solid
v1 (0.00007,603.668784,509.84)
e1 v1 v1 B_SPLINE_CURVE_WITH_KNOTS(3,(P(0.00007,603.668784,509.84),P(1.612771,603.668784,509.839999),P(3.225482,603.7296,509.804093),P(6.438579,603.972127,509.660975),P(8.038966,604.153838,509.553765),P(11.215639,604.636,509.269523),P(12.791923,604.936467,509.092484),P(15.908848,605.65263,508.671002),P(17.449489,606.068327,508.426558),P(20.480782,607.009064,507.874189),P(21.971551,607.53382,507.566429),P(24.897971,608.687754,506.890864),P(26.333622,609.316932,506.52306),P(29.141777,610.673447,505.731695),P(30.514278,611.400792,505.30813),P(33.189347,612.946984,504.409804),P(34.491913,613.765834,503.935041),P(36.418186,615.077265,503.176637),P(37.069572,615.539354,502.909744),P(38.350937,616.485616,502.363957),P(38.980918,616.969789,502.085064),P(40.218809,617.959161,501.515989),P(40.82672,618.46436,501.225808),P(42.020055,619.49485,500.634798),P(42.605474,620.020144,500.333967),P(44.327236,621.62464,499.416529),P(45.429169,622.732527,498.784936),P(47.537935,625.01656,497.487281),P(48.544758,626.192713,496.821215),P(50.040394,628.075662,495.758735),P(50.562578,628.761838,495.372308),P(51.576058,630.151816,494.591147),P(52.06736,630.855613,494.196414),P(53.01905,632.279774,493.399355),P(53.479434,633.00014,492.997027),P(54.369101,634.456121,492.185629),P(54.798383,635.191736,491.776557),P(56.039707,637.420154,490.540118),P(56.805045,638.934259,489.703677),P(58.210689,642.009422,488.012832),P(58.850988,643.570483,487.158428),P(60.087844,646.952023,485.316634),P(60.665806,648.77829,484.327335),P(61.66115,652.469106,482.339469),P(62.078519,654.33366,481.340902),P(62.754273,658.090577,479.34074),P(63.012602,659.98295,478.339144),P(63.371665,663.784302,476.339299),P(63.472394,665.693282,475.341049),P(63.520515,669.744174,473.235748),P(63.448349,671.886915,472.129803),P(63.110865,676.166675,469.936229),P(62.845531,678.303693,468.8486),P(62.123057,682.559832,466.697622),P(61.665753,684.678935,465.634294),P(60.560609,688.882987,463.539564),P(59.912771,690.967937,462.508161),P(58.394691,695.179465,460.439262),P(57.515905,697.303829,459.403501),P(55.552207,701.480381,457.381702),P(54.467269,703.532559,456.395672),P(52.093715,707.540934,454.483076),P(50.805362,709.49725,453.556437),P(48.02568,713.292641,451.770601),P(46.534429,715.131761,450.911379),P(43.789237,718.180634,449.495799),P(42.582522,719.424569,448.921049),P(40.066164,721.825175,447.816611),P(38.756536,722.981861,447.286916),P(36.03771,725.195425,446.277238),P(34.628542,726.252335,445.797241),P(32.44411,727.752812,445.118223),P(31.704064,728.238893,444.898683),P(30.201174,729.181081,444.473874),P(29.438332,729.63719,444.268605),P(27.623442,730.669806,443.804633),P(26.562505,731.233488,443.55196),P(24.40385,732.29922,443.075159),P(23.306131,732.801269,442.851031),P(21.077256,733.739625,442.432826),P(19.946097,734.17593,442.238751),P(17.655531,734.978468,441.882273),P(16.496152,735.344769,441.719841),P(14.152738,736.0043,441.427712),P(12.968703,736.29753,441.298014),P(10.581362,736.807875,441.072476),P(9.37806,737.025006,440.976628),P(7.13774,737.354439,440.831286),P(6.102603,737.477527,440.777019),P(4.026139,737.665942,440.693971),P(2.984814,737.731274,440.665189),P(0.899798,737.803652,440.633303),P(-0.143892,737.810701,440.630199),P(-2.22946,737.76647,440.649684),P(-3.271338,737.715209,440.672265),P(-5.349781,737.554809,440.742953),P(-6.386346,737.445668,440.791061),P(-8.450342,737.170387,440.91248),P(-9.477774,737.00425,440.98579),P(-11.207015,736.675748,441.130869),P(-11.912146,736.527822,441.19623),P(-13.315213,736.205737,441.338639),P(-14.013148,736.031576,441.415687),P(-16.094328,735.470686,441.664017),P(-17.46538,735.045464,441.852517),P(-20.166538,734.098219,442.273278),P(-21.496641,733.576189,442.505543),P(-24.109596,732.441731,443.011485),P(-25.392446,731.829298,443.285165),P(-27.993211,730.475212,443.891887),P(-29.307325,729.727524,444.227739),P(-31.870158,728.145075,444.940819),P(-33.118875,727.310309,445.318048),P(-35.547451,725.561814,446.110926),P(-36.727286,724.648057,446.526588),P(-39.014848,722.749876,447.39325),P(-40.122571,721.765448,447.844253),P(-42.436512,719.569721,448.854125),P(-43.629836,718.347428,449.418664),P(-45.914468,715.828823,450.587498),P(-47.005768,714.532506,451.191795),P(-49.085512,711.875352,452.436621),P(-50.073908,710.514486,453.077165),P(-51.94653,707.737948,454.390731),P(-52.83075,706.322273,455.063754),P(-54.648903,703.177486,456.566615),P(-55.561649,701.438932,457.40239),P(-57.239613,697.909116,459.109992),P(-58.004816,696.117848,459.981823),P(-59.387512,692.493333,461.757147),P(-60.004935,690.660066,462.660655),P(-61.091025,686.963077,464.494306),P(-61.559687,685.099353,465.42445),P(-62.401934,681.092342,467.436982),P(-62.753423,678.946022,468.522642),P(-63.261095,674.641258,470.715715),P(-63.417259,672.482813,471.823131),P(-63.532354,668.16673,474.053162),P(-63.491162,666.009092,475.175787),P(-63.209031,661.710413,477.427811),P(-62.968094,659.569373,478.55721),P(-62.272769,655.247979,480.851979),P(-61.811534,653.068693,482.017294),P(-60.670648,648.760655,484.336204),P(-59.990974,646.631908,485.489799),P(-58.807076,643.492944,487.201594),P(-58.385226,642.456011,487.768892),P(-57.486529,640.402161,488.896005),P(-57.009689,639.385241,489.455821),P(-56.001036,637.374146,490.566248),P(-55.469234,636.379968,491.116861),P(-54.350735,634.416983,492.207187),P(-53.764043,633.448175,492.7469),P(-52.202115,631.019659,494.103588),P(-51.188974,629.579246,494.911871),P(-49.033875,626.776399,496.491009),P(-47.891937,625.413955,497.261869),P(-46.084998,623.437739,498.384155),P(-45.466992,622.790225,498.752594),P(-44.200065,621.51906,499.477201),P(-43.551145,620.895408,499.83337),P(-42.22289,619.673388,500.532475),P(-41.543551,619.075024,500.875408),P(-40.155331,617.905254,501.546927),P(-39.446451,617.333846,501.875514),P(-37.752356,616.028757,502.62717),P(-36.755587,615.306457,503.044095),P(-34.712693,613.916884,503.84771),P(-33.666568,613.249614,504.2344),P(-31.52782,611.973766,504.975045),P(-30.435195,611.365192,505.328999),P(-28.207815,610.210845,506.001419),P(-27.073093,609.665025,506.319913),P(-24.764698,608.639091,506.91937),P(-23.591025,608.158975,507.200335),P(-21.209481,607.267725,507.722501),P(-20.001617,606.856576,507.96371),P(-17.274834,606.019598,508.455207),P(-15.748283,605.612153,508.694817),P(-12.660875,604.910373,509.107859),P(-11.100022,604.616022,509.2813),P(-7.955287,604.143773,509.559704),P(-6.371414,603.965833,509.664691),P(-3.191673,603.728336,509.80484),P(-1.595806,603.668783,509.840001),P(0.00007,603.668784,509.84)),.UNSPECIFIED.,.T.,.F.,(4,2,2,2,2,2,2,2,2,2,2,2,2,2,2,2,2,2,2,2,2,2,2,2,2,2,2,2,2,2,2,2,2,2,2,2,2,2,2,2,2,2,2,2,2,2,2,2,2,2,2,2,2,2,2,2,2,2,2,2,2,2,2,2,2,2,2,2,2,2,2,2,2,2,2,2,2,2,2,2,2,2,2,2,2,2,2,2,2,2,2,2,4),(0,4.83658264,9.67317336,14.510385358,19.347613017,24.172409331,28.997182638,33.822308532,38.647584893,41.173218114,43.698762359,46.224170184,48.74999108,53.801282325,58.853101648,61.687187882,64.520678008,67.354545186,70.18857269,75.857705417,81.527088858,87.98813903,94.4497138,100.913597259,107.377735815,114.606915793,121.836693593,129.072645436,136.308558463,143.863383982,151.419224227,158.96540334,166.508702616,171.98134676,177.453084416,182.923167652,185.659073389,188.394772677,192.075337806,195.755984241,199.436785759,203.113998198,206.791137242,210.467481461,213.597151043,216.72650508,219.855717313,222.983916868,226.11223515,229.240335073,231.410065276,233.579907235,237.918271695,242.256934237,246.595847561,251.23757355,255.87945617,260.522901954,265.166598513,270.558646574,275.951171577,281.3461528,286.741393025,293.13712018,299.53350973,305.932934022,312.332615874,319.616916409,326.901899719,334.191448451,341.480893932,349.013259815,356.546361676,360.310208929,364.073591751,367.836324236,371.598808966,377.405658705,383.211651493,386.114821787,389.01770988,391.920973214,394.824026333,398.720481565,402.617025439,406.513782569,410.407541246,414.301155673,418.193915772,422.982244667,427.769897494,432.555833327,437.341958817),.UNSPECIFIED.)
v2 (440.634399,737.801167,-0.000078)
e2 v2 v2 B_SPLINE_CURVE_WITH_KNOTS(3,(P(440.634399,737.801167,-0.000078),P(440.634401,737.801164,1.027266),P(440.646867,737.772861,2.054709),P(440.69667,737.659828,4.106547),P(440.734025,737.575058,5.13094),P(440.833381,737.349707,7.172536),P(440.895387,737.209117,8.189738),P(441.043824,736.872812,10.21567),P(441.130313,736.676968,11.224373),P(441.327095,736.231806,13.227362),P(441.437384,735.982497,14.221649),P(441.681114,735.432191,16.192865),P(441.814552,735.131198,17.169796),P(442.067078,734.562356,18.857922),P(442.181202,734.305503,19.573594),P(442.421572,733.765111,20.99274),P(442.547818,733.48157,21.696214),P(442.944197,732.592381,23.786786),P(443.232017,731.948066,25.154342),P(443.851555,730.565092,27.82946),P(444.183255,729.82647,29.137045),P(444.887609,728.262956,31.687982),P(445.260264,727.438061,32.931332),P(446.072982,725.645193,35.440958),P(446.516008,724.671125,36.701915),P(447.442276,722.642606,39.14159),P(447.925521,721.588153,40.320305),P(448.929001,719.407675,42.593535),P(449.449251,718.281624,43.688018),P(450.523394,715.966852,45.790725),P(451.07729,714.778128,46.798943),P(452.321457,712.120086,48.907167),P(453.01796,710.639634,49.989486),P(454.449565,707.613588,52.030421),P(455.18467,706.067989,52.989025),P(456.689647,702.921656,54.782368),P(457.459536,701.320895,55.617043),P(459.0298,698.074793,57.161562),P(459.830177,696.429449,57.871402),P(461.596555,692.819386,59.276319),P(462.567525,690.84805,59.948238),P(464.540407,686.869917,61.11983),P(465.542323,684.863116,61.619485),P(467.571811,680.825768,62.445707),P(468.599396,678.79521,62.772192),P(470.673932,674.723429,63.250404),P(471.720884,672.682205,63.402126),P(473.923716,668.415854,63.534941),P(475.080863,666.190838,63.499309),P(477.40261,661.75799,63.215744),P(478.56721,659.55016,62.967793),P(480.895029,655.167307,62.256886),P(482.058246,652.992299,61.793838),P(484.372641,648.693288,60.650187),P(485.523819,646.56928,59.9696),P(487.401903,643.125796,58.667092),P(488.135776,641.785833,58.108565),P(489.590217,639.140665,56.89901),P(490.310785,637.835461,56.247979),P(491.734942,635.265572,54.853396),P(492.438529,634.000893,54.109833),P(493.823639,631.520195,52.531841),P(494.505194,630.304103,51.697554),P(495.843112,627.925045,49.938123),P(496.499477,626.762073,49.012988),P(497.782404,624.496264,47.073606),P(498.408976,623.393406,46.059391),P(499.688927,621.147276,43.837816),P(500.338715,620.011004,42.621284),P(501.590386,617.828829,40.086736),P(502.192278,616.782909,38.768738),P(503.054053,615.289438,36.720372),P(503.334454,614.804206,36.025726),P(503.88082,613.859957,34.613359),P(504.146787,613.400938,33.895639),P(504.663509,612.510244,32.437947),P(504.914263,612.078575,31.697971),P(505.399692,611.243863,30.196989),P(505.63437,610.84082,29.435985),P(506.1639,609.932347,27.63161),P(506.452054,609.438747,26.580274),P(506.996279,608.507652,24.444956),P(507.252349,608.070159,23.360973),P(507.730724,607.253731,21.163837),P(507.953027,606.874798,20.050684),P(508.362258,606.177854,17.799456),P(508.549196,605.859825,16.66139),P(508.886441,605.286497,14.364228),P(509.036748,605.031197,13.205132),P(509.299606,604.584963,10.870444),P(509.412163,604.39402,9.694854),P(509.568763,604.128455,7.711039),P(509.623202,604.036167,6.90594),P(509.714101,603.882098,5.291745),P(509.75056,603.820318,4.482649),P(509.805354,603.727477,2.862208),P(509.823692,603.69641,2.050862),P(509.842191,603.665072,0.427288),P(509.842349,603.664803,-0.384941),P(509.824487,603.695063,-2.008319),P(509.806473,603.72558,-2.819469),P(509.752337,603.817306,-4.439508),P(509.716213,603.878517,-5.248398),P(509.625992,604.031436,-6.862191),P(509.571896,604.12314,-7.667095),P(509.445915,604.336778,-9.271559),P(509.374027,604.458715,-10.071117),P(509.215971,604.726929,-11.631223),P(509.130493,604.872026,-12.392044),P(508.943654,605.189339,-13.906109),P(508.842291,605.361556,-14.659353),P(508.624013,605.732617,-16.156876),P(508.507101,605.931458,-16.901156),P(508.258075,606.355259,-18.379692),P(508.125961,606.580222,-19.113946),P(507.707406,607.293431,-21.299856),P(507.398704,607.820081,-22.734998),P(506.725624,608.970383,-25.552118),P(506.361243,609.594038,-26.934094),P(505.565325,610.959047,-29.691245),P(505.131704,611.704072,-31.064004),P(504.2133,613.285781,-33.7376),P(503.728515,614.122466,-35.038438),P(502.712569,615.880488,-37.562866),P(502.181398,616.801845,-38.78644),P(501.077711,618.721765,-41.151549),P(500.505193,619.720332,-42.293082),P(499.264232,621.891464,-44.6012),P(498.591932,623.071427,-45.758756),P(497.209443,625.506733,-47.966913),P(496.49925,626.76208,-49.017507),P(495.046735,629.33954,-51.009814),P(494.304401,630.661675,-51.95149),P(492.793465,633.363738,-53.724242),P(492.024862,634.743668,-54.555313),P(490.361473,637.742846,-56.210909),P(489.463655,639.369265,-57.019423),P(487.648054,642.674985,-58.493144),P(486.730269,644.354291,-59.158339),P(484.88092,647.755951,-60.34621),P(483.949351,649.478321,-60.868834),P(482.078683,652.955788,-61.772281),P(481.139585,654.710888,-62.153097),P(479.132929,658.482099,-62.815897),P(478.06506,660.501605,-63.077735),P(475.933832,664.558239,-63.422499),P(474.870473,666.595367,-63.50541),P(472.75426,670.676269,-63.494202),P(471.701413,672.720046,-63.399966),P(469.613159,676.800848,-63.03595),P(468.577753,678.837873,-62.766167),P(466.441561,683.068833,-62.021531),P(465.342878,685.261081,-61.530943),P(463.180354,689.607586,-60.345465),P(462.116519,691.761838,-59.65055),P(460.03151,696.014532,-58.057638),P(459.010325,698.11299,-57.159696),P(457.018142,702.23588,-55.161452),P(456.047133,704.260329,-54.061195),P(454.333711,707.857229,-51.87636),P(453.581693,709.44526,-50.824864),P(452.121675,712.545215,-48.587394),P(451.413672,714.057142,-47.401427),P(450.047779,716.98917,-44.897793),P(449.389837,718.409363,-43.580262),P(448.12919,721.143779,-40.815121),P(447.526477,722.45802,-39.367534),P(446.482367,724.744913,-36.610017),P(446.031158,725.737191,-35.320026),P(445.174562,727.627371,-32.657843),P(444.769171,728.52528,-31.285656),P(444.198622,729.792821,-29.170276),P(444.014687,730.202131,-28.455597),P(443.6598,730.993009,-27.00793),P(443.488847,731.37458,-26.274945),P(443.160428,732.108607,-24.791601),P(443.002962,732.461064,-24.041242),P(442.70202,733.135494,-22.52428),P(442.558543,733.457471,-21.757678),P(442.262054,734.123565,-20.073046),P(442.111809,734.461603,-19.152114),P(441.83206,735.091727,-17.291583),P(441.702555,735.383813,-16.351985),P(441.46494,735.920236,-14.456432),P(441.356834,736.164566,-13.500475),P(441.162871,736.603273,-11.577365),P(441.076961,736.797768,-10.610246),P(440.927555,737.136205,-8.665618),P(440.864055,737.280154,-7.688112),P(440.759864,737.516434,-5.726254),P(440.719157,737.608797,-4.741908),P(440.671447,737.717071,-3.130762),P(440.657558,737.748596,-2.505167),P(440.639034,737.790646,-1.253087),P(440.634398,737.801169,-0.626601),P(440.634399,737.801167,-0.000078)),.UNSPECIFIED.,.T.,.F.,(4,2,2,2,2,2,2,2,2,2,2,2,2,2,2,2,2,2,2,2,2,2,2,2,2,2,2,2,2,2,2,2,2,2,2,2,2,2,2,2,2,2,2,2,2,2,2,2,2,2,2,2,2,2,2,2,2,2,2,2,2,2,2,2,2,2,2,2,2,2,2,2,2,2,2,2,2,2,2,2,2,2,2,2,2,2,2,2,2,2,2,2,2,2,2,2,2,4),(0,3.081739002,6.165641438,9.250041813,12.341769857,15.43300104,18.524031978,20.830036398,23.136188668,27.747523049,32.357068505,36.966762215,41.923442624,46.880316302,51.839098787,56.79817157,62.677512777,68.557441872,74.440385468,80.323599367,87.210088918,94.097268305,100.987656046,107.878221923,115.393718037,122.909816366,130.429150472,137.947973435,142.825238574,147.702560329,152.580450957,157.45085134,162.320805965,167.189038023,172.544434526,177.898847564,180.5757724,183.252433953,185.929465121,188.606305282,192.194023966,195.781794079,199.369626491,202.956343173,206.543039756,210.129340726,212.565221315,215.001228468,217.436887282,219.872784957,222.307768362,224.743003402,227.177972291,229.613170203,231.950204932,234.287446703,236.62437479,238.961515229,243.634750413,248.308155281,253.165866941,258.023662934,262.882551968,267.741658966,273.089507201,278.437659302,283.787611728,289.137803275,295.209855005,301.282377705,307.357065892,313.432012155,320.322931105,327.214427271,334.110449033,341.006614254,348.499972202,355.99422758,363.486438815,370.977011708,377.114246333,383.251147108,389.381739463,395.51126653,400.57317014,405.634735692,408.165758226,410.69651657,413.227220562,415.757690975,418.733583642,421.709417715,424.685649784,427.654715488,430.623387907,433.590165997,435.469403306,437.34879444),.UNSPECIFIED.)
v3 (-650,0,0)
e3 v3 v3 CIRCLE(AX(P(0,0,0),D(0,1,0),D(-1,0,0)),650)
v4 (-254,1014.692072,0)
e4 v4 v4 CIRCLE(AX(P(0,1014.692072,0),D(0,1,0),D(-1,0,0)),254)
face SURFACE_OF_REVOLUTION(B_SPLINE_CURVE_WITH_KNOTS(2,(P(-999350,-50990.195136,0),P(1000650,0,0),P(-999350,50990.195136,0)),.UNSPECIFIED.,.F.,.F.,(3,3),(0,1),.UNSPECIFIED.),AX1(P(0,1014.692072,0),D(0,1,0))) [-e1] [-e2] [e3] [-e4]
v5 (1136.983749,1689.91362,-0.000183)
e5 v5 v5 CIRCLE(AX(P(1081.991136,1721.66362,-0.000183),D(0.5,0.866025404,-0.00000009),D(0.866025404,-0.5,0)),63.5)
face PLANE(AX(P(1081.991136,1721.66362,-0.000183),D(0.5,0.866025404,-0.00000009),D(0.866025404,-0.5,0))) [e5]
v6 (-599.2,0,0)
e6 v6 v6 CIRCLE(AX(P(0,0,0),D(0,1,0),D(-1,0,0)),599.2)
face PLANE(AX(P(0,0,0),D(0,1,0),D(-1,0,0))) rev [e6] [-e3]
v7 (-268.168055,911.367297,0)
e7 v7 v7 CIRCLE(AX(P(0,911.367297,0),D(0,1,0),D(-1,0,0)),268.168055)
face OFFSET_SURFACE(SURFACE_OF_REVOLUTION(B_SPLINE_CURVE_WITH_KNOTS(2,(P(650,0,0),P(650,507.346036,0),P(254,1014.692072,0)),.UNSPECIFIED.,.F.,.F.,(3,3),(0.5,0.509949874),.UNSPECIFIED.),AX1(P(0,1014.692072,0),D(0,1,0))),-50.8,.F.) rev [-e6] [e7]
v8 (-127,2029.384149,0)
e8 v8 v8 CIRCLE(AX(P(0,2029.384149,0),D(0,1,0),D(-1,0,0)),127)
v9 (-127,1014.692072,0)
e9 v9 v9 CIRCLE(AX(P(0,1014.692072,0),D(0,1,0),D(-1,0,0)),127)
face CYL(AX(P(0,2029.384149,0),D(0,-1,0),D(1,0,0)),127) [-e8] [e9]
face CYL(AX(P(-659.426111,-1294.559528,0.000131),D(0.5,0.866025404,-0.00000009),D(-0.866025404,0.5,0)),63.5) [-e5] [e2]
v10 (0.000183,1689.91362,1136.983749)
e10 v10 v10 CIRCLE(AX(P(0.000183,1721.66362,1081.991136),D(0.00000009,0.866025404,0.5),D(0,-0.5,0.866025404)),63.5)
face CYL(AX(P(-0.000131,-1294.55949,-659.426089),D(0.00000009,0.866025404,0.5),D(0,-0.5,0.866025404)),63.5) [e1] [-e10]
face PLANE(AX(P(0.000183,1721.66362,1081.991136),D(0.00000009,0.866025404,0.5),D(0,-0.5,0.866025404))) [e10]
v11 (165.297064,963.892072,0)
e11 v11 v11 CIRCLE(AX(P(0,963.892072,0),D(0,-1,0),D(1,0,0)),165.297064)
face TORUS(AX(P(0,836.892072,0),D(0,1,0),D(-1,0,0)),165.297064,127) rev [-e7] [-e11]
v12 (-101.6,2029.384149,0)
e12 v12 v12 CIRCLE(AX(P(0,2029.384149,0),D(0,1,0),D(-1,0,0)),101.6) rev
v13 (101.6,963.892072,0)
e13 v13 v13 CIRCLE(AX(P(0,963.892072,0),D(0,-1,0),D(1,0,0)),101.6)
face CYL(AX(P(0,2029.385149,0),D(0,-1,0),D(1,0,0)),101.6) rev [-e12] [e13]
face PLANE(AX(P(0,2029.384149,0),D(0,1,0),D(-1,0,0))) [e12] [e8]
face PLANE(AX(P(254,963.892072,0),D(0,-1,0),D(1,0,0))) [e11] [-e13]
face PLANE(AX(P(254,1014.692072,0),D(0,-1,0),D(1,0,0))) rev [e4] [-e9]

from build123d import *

# Parameters (mm, degrees)
SHELL1_T            = -50.8
SKETCH2_R           = 126.999999999
BOSS_EXTRUDE1_DEPTH = 1014.6920778
SKETCH8_R           = 50.799999999
CUT_EXTRUDE1_DEPTH  = 989.2920778
CUT_EXTRUDE2_REACH  = 1409.222
SKETCH9_R           = 101.6
FILLET2_R           = 127
BOSS_EXTRUDE4_REACH = 2510.949
SKETCH5_R           = 63.5
CIRPATTERN1_COUNT   = 2
CIRPATTERN1_ANGLE   = 90


with BuildPart() as part:
    # Sketch1 → Revolve1 (revolve)
    with BuildSketch(Plane.XY):
        with BuildLine():
            Line((0, 0), (650, 0))
            add(Edge.make_bspline(
                [(650, 0), (650, 507.346035759), (254, 1014.692071517)],
                knots=[0, 0, 0, 1, 1, 1], degree=2))
            Line((254, 1014.692071517), (0, 1014.692071517))
            Line((0, 1014.692071517), (0, 0))
        make_face()
    revolve(axis=Axis((0, 1014.692071517, 0), (0, -1, 0)))

    # Shell1
    shell1_openings = [part.faces().sort_by_distance(p)[0] for p in [
        (0, 0, 0),
    ]]
    offset(amount=SHELL1_T, openings=shell1_openings, kind=Kind.INTERSECTION)

    # Sketch2 → Boss-Extrude1 (add)
    with BuildSketch(Plane(origin=(0, 1014.692071518, 0), x_dir=(1, 0, 0), z_dir=(0, 1, 0))):
        with Locations(Location((0, 0, 0), (0, 0, 180))):
            Circle(SKETCH2_R)
    extrude(amount=BOSS_EXTRUDE1_DEPTH)

    # Sketch8 → Cut-Extrude1 (cut)
    with BuildSketch(Plane(origin=(0, 2029.384149318, 0), x_dir=(1, 0, 0), z_dir=(0, 1, 0))):
        with Locations(Location((0, 0, 0), (0, 0, 180))):
            Circle(SKETCH8_R)
    extrude(amount=-CUT_EXTRUDE1_DEPTH, mode=Mode.SUBTRACT)

    # Sketch9 → Cut-Extrude2 (cut, up to next)
    with BuildSketch(Plane.XZ.offset(-963.892071518), mode=Mode.PRIVATE) as cut_extrude2_sk1:
        Circle(SKETCH9_R)
    cut_extrude2_tool1 = extrude(cut_extrude2_sk1.sketch, amount=-CUT_EXTRUDE2_REACH, mode=Mode.PRIVATE) & part.part
    add(cut_extrude2_tool1.solids().sort_by_distance((0, 963.892072, 0))[0], mode=Mode.SUBTRACT)

    # Fillet2
    fillet2_edges = [part.edges().sort_by_distance(p)[0] for p in [
        (-229.058684879, 963.892071517, 8.8e-08),
    ]]
    fillet(fillet2_edges, radius=FILLET2_R)

    # Sketch5 → Boss-Extrude4 (add, up to next)
    with BuildSketch(Plane(origin=(0.000183349, 1759.76362049, 1016), x_dir=(0, 0.49999999999999495, -0.8660254037844416), z_dir=(9.023101202455188e-08, 0.866025403784438, 0.4999999999999929)), mode=Mode.PRIVATE) as boss_extrude4_sk1:
        with Locations(Location((-76.2, 0, 0), (0, 0, 180))):
            Circle(SKETCH5_R)
    boss_extrude4_tool1 = extrude(boss_extrude4_sk1.sketch, amount=-BOSS_EXTRUDE4_REACH, mode=Mode.PRIVATE) - part.part
    boss_extrude4 = boss_extrude4_tool1.solids().sort_by_distance((0.000183, 1721.66362, 1081.991136))[0]
    add(boss_extrude4)

    # CirPattern1: Boss-Extrude4 ×2 about axis
    cirpattern1_axis = Axis((0, 2029.384149318, 0), (0, 1, 0))
    for i in range(1, CIRPATTERN1_COUNT):
        add(boss_extrude4.rotate(cirpattern1_axis, i * CIRPATTERN1_ANGLE / (CIRPATTERN1_COUNT - 1)))


solid = part.part
